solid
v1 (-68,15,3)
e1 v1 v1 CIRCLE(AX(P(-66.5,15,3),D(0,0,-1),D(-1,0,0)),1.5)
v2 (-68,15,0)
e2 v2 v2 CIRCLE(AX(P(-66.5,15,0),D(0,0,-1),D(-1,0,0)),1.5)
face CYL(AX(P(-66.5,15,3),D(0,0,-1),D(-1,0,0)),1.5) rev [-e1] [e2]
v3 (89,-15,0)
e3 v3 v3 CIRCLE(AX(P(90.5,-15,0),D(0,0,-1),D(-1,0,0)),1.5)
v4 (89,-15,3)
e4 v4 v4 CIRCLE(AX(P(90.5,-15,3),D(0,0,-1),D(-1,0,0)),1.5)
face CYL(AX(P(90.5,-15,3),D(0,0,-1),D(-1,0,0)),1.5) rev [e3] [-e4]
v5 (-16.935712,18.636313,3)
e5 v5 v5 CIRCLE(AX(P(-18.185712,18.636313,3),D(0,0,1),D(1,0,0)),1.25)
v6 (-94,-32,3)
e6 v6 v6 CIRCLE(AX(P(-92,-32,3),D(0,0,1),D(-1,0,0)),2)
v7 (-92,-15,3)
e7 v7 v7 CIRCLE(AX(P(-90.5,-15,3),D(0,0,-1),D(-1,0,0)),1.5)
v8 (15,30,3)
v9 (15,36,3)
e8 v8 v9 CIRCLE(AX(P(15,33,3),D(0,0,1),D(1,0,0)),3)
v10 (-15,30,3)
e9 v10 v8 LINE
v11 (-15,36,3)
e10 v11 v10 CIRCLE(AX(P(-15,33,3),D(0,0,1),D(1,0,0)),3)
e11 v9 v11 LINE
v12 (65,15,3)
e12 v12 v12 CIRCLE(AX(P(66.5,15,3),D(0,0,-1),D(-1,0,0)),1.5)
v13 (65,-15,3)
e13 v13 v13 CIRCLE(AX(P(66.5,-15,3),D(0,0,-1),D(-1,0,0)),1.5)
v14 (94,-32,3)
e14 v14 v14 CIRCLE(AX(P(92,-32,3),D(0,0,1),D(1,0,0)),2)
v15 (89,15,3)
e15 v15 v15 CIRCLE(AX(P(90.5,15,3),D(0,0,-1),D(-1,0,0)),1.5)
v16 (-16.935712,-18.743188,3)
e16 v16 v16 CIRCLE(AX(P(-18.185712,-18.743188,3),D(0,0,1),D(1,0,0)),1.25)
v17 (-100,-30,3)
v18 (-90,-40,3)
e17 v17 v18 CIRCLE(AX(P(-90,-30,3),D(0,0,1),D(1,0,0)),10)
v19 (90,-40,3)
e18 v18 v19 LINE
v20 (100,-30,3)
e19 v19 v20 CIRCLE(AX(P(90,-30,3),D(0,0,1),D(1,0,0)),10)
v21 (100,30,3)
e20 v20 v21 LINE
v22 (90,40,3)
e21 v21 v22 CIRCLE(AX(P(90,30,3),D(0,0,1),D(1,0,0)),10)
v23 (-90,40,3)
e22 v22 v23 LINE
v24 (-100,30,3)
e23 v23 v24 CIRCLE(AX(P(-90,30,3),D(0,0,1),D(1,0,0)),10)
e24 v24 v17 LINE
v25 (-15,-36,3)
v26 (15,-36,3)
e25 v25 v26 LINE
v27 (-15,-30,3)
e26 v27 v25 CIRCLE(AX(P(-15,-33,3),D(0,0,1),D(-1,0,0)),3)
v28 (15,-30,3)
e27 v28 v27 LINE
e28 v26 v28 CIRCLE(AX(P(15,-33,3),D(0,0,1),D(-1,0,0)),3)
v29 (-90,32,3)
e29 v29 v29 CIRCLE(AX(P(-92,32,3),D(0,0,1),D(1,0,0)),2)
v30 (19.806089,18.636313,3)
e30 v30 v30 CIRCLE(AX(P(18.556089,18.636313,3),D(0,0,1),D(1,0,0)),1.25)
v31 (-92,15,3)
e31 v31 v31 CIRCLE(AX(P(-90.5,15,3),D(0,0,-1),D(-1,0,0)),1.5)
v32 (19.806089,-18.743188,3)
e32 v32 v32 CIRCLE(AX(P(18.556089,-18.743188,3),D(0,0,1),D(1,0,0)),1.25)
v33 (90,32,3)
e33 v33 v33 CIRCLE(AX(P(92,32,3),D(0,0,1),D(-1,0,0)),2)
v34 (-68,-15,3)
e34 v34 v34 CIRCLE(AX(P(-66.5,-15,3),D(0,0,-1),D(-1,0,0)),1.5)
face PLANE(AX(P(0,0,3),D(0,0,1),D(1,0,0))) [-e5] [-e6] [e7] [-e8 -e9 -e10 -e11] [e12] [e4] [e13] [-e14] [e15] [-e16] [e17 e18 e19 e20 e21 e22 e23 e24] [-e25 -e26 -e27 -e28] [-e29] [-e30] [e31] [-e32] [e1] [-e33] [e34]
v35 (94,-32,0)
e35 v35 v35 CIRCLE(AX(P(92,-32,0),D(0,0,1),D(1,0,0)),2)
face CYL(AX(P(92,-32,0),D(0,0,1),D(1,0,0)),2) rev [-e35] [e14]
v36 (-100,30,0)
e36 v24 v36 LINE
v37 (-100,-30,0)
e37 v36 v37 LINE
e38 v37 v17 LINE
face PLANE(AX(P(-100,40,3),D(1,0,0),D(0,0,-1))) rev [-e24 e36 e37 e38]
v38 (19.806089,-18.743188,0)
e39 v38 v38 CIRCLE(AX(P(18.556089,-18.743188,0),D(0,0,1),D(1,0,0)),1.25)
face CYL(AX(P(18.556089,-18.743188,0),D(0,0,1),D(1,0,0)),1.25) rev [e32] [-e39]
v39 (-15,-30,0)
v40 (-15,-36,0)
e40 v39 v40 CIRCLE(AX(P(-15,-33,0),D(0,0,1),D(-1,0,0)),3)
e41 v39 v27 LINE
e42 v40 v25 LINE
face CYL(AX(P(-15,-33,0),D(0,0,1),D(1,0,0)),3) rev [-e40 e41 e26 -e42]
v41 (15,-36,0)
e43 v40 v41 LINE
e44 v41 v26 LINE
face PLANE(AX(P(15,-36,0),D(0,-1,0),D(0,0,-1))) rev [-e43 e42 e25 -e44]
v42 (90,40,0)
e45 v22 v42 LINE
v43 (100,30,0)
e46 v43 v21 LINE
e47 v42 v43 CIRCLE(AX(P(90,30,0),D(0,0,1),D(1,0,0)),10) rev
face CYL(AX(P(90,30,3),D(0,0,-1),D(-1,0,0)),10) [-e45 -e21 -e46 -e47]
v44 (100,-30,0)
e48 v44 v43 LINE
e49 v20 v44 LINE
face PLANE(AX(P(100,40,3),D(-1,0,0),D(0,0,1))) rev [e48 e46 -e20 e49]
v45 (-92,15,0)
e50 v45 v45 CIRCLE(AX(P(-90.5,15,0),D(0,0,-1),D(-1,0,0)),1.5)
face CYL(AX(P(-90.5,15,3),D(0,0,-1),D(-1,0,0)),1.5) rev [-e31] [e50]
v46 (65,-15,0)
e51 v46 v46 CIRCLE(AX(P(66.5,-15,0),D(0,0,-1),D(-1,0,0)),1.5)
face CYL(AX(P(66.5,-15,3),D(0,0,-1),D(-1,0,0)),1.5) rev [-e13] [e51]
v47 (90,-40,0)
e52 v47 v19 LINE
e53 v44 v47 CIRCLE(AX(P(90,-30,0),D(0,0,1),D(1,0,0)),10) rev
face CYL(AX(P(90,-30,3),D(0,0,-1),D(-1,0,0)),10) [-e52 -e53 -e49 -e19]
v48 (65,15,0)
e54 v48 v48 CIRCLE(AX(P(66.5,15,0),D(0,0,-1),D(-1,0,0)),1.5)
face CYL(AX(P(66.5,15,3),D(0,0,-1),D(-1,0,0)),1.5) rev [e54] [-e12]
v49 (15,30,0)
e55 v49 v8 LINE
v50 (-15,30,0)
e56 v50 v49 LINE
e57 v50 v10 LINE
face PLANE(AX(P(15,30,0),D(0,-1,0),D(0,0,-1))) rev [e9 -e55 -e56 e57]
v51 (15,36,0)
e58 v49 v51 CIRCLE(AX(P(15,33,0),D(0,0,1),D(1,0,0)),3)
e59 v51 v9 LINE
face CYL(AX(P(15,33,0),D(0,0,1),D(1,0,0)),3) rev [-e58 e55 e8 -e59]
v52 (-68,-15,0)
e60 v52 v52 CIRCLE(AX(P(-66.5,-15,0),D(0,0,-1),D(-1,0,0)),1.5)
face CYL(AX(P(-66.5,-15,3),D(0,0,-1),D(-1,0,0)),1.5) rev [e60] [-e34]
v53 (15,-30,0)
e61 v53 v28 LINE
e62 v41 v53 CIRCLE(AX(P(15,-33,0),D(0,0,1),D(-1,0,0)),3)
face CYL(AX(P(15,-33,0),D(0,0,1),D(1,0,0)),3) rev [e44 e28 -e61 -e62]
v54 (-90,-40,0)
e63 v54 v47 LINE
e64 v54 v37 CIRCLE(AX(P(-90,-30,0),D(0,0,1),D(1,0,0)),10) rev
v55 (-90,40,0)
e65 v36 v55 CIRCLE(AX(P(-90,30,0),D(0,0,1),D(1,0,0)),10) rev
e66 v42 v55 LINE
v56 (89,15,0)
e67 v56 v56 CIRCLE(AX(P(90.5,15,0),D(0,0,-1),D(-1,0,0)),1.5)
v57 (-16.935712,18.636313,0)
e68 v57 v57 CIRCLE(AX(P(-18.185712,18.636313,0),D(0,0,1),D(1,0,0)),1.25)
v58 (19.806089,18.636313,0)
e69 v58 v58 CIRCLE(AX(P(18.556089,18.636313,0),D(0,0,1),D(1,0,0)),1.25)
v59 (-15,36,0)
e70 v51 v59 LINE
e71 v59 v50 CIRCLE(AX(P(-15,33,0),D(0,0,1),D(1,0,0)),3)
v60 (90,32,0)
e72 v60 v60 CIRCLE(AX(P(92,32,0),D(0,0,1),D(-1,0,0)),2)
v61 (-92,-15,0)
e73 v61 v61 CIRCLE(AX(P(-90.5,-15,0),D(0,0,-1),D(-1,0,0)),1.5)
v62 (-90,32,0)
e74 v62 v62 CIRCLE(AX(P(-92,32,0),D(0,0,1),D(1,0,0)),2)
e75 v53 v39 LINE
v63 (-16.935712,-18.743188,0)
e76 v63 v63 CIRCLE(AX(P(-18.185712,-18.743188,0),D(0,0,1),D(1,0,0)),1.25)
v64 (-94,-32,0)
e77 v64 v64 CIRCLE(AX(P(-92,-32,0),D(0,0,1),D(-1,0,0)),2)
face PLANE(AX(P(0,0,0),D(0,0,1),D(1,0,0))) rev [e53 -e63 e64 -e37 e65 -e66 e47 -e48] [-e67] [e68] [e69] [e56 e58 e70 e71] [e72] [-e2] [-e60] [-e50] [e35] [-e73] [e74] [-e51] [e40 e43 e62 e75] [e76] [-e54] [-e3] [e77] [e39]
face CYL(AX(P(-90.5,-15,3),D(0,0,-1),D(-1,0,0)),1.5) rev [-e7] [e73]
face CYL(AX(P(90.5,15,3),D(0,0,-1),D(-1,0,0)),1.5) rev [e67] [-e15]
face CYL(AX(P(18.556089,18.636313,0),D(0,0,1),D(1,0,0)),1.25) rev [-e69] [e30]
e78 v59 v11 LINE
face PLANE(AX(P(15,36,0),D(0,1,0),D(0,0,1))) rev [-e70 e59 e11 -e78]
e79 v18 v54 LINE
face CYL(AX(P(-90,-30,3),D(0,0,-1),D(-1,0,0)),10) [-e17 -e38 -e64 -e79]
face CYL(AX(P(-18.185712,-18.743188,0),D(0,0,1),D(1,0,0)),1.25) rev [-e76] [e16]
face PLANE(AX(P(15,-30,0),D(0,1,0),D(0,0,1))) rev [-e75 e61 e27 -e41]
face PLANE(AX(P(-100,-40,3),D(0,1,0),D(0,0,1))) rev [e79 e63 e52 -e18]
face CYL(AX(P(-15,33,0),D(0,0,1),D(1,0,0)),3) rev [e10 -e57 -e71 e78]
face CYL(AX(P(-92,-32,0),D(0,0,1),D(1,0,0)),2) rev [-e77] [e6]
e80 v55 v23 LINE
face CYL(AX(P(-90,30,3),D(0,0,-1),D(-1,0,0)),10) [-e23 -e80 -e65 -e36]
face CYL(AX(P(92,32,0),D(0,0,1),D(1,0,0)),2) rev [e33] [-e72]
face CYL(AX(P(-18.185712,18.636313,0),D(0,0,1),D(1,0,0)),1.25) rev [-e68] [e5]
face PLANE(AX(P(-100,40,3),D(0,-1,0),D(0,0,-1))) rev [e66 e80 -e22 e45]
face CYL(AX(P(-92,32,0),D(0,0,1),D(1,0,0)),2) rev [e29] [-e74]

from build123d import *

# Parameters (mm, degrees)
SKETCH1_W           = 200
SKETCH1_H           = 80
BOSS_EXTRUDE1_DEPTH = 3
SKETCH2_R           = 2
CUT_EXTRUDE1_DEPTH  = 108.745069493
FILLET1_R           = 10
CUT_EXTRUDE3_DEPTH  = 108.745069493
SKETCH5_R           = 1.25
CUT_EXTRUDE4_DEPTH  = 108.745069493
SKETCH6_R           = 1.5
CUT_EXTRUDE5_DEPTH  = 108.745069493


with BuildPart() as part:
    # Sketch1 → Boss-Extrude1 (new body)
    with BuildSketch(Plane.XY):
        Rectangle(SKETCH1_W, SKETCH1_H)
    extrude(amount=BOSS_EXTRUDE1_DEPTH)

    # Sketch2 → Cut-Extrude1 (cut, through all)
    with BuildSketch(Plane.XY.offset(3)):
        with Locations((-92, 32)):
            Circle(SKETCH2_R)
        with Locations(Location((-92, -32, 0), (0, 0, 180))):
            Circle(SKETCH2_R)
        with Locations((92, -32)):
            Circle(SKETCH2_R)
        with Locations(Location((92, 32, 0), (0, 0, 180))):
            Circle(SKETCH2_R)
    extrude(amount=-CUT_EXTRUDE1_DEPTH, mode=Mode.SUBTRACT)

    # Fillet1
    fillet1_edges = [part.edges().sort_by_distance(p)[0] for p in [
        (100, -40, 1.5),
        (-100, -40, 1.5),
        (-100, 40, 1.5),
        (100, 40, 1.5),
    ]]
    fillet(fillet1_edges, radius=FILLET1_R)

    # Sketch4 → Cut-Extrude3 (cut, through all)
    with BuildSketch(Plane.XY.offset(3)):
        with BuildLine():
            Line((15, 30), (-15, 30))
            ThreePointArc((-15, 30), (-18, 33), (-15, 36))
            Line((-15, 36), (15, 36))
            ThreePointArc((15, 36), (18, 33), (15, 30))
        make_face()
        with BuildLine():
            Line((15, -30), (-15, -30))
            ThreePointArc((-15, -30), (-18, -33), (-15, -36))
            Line((-15, -36), (15, -36))
            ThreePointArc((15, -36), (18, -33), (15, -30))
        make_face()
    extrude(amount=-CUT_EXTRUDE3_DEPTH, mode=Mode.SUBTRACT)

    # Sketch5 → Cut-Extrude4 (cut, through all)
    with BuildSketch(Plane.XY.offset(3)):
        with Locations((18.55608859, -18.74318761)):
            Circle(SKETCH5_R)
        with Locations((-18.18571173, -18.74318761)):
            Circle(SKETCH5_R)
        with Locations((-18.18571173, 18.63631327)):
            Circle(SKETCH5_R)
        with Locations((18.55608859, 18.63631327)):
            Circle(SKETCH5_R)
    extrude(amount=-CUT_EXTRUDE4_DEPTH, mode=Mode.SUBTRACT)

    # Sketch6 → Cut-Extrude5 (cut, through all)
    with BuildSketch(Plane(origin=(0, 0, 0), x_dir=(-1, 0, 0), z_dir=(0, 0, -1))):
        with Locations((66.5, -15)):
            Circle(SKETCH6_R)
        with Locations((90.5, -15)):
            Circle(SKETCH6_R)
        with Locations((66.5, 15)):
            Circle(SKETCH6_R)
        with Locations((90.5, 15)):
            Circle(SKETCH6_R)
        with Locations((-90.5, -15)):
            Circle(SKETCH6_R)
        with Locations((-66.5, -15)):
            Circle(SKETCH6_R)
        with Locations((-66.5, 15)):
            Circle(SKETCH6_R)
        with Locations((-90.5, 15)):
            Circle(SKETCH6_R)
    extrude(amount=-CUT_EXTRUDE5_DEPTH, mode=Mode.SUBTRACT)


solid = part.part
